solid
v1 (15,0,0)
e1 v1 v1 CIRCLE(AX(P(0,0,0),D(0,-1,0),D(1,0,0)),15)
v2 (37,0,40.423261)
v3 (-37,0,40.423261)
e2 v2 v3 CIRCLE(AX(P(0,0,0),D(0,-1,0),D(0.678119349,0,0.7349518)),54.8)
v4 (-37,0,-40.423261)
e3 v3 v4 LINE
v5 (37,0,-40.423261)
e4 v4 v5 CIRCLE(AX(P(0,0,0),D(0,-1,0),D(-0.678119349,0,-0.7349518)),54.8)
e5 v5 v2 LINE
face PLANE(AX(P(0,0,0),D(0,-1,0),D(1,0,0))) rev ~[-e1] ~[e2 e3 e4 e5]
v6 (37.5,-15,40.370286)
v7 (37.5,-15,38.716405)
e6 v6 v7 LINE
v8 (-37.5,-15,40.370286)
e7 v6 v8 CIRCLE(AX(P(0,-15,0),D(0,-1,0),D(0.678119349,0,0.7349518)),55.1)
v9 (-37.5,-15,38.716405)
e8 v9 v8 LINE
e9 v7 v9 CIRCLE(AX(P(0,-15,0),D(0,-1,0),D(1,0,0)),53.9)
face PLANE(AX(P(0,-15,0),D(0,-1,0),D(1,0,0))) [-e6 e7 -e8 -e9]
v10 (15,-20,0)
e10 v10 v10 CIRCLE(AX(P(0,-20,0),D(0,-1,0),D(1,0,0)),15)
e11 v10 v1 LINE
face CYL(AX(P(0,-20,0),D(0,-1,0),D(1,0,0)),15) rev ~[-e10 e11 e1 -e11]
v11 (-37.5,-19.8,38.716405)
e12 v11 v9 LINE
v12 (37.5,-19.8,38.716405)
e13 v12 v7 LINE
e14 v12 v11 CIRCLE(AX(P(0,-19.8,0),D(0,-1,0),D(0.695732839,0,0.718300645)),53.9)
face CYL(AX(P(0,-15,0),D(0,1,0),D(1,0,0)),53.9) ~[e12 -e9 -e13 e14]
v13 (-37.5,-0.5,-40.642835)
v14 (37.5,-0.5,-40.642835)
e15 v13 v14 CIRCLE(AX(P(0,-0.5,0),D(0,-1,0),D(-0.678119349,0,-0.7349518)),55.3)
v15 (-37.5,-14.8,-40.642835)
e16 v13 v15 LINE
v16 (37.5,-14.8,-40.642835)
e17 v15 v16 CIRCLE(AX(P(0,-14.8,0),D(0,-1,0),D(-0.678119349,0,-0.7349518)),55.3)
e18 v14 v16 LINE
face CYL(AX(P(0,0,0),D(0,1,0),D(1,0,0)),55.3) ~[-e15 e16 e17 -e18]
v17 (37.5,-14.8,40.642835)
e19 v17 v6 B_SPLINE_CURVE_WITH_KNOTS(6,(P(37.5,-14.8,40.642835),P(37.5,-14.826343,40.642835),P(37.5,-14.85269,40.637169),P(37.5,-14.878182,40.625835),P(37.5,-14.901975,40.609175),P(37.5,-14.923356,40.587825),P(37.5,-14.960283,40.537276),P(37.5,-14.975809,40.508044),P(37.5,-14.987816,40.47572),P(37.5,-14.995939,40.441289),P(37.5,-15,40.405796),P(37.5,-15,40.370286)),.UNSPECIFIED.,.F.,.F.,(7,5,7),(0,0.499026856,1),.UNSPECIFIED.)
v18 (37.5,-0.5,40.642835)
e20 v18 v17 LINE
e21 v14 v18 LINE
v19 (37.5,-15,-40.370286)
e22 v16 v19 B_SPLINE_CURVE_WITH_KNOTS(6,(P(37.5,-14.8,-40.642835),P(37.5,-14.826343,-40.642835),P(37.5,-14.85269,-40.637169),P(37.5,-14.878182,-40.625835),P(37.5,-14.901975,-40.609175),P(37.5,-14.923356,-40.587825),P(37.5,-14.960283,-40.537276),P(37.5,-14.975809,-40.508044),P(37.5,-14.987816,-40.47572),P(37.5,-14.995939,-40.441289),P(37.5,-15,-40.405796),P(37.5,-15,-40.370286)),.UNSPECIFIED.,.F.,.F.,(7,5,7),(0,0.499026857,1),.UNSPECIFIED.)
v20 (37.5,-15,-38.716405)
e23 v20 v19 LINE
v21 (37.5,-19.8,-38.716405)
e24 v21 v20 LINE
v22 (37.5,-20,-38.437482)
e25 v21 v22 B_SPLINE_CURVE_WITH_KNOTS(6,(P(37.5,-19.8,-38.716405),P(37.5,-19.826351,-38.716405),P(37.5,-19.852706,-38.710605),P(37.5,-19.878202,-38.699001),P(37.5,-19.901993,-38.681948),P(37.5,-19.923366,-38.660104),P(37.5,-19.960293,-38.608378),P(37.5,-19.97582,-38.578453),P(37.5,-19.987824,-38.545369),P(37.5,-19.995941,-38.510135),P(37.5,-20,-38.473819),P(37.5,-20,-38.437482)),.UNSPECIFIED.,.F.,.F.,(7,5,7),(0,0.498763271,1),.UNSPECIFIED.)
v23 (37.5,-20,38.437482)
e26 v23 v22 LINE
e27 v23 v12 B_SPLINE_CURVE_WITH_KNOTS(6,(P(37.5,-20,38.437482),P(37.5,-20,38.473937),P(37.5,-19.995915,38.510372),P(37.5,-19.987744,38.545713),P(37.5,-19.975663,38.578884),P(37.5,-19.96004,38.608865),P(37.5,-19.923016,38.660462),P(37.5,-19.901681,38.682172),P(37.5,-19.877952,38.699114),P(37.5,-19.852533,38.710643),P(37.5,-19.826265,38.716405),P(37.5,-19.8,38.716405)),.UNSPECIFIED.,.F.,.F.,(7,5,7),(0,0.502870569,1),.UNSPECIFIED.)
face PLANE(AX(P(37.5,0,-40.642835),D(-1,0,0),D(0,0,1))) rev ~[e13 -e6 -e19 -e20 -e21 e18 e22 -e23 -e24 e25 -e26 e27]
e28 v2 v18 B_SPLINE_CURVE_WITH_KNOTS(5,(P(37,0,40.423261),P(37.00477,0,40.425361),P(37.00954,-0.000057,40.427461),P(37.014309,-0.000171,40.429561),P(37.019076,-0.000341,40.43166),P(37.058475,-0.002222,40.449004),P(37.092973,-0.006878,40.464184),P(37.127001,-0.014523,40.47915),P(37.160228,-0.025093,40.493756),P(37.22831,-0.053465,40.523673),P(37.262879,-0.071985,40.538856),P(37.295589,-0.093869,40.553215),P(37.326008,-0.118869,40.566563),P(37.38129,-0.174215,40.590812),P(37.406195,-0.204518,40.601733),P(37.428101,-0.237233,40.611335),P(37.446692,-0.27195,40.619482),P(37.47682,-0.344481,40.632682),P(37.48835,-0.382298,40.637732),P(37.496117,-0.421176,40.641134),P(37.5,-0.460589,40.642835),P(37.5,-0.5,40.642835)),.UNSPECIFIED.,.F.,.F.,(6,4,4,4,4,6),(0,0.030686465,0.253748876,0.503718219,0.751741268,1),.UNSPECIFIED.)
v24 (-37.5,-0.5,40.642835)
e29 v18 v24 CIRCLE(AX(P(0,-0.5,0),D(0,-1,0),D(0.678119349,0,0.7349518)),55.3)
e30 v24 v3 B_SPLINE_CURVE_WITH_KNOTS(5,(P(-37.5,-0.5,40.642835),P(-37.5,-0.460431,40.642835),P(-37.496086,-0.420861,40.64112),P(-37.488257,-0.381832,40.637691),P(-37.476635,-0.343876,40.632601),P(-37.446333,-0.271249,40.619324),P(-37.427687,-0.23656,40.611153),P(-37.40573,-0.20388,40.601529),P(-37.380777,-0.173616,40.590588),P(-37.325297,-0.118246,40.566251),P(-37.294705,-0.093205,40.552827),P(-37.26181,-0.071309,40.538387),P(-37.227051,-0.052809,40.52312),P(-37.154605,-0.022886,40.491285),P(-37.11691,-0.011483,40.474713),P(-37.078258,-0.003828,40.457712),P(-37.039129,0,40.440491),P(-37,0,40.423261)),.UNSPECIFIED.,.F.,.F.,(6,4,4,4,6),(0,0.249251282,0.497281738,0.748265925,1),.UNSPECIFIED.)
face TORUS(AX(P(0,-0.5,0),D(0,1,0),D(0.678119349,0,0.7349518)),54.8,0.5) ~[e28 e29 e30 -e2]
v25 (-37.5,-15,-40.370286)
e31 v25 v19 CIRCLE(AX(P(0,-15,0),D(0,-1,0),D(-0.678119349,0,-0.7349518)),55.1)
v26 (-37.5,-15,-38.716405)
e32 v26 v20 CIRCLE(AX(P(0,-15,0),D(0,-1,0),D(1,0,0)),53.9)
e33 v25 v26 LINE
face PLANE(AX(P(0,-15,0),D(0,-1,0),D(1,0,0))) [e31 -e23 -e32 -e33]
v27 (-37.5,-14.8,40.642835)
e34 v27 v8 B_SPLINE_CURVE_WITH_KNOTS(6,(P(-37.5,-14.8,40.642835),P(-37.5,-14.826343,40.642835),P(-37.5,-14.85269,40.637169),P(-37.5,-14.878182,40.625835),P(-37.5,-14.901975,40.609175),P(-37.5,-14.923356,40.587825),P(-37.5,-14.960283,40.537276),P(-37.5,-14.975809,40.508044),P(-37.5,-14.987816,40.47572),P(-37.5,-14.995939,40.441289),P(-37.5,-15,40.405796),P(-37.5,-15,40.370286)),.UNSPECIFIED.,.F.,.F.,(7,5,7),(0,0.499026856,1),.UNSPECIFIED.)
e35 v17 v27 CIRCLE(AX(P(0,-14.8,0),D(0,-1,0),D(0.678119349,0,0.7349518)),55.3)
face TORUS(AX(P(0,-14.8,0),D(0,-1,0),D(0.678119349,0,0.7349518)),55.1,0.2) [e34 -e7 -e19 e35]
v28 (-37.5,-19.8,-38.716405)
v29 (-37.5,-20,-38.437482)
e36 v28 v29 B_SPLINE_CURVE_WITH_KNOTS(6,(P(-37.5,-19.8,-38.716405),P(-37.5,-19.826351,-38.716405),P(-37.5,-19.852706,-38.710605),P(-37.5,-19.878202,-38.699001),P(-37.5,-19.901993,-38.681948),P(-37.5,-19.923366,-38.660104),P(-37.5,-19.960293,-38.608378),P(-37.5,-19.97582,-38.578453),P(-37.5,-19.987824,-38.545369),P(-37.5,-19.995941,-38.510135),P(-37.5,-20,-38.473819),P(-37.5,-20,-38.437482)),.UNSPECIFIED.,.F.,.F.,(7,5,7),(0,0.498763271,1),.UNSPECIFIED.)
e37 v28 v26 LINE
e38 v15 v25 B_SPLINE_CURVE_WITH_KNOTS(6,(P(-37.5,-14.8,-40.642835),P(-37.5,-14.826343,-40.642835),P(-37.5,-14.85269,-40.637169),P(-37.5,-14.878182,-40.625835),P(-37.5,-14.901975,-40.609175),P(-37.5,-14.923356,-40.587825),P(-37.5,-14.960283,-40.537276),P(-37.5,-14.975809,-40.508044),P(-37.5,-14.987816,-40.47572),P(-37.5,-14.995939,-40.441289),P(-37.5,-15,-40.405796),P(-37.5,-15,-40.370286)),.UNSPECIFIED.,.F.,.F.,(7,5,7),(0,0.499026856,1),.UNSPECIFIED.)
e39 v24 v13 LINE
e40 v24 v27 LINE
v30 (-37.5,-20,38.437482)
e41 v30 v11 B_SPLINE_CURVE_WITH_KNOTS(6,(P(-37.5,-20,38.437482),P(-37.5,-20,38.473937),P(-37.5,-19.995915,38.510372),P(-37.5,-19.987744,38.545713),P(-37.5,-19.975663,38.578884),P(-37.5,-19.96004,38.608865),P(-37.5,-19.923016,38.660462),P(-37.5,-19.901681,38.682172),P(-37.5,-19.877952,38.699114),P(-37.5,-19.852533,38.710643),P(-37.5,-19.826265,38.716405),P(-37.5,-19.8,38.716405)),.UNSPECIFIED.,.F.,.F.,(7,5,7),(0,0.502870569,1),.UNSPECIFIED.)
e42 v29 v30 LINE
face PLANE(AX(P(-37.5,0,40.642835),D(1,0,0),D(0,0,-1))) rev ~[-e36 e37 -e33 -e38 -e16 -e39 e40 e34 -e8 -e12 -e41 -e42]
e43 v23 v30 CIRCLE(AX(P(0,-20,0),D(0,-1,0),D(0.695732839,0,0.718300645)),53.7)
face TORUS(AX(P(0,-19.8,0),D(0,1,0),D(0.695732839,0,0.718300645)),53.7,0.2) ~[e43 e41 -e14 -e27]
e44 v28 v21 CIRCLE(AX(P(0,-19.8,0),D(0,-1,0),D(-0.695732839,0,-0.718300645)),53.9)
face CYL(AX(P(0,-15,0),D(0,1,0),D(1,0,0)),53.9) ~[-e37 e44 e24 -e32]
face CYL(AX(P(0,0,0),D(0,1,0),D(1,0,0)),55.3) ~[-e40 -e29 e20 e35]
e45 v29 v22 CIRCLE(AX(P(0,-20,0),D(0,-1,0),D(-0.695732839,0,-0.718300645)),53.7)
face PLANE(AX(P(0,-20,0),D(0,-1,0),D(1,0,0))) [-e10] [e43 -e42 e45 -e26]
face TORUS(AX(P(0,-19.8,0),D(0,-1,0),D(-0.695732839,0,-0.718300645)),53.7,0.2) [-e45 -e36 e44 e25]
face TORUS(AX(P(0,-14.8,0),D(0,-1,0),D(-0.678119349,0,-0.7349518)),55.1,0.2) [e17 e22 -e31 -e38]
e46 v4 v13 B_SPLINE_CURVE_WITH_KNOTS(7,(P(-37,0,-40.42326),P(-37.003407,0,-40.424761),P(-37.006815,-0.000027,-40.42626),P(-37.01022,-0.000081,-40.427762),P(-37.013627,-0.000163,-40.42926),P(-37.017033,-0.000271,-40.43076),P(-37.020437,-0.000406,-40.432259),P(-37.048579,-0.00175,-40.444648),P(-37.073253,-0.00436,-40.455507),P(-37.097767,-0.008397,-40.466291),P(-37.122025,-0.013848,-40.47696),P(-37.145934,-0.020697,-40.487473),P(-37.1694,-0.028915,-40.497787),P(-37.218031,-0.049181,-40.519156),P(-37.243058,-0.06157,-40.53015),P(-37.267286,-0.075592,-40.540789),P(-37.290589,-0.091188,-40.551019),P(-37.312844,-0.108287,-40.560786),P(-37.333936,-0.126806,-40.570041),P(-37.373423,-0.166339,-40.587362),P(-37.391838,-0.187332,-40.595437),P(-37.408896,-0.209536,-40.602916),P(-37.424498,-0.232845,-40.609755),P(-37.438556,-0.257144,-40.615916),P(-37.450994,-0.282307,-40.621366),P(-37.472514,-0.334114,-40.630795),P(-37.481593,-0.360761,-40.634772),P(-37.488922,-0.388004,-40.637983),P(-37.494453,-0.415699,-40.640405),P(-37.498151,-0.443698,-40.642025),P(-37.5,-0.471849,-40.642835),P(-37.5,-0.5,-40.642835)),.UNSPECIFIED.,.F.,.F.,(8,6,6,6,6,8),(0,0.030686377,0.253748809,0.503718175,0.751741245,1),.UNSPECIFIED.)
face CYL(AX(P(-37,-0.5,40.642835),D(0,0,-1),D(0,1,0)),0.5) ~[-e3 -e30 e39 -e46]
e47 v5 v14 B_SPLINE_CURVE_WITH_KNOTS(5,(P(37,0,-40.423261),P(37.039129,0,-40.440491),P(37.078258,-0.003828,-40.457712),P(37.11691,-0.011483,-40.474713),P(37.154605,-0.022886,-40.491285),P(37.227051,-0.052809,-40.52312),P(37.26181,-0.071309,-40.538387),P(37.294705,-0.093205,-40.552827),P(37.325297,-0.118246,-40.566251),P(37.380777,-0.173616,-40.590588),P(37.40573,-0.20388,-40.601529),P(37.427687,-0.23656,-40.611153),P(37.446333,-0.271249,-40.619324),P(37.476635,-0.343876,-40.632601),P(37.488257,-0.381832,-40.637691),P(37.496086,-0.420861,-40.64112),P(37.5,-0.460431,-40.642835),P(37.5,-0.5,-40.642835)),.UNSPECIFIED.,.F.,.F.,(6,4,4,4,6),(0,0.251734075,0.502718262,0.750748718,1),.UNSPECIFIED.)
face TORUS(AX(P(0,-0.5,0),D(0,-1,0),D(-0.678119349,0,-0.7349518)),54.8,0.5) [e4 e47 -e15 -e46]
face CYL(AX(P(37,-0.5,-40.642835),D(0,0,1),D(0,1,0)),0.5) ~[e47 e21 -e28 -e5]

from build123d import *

# Parameters (mm, degrees)
F0_R     = 55.3
F1_DEPTH = 15
F2_R     = 53.9
F3_DEPTH = 5
F4_R     = 15
F5_DEPTH = 25
F7_DEPTH = 25
F8_R     = 0.5
F9_R     = 0.2


with BuildPart() as f1:
    # F0 (on Front) → F1 (new body)
    with BuildSketch(Plane.XZ):
        Circle(F0_R)
    extrude(amount=F1_DEPTH)

    # F2 (on face) → F3 (join)
    with BuildSketch(Plane.XZ.offset(15)):
        Circle(F2_R)
    extrude(amount=F3_DEPTH)

    # F4 (on face) → F5 (cut)
    with BuildSketch(Plane.XZ.offset(20)):
        Circle(F4_R)
    extrude(amount=-F5_DEPTH, mode=Mode.SUBTRACT)

    # F6 (on face) → F7 (cut)
    with BuildSketch(Plane(origin=(0, 0, 0), x_dir=(-1, 0, 0), z_dir=(0, 1, 0))):
        with BuildLine():
            Line((37.5, 40.6428345468), (37.5, -40.6428345468))
            ThreePointArc((37.5, -40.6428345468), (50.6549109169, -22.1849047778), (55.3, 0))
            ThreePointArc((55.3, 0), (50.6549109169, 22.1849047778), (37.5, 40.6428345468))
        make_face()
        with BuildLine():
            ThreePointArc((-37.5, 40.6428345468), (-55.3, 0), (-37.5, -40.6428345468))
            Line((-37.5, -40.6428345468), (-37.5, 40.6428345468))
        make_face()
    extrude(amount=-F7_DEPTH, mode=Mode.SUBTRACT)

    # F8
    f8_edges = [f1.edges().sort_by_distance(p)[0] for p in [
        (37.5, 0, 0),
        (0, 0, 55.3),
        (0, 0, -55.3),
        (-37.5, 0, 0),
    ]]
    fillet(f8_edges, radius=F8_R)

    # F9
    f9_edges = [f1.edges().sort_by_distance(p)[0] for p in [
        (0, -20, -53.9),
        (0, -20, 53.9),
        (0, -15, 55.3),
        (0, -15, -55.3),
    ]]
    fillet(f9_edges, radius=F9_R)


solid = f1.part
